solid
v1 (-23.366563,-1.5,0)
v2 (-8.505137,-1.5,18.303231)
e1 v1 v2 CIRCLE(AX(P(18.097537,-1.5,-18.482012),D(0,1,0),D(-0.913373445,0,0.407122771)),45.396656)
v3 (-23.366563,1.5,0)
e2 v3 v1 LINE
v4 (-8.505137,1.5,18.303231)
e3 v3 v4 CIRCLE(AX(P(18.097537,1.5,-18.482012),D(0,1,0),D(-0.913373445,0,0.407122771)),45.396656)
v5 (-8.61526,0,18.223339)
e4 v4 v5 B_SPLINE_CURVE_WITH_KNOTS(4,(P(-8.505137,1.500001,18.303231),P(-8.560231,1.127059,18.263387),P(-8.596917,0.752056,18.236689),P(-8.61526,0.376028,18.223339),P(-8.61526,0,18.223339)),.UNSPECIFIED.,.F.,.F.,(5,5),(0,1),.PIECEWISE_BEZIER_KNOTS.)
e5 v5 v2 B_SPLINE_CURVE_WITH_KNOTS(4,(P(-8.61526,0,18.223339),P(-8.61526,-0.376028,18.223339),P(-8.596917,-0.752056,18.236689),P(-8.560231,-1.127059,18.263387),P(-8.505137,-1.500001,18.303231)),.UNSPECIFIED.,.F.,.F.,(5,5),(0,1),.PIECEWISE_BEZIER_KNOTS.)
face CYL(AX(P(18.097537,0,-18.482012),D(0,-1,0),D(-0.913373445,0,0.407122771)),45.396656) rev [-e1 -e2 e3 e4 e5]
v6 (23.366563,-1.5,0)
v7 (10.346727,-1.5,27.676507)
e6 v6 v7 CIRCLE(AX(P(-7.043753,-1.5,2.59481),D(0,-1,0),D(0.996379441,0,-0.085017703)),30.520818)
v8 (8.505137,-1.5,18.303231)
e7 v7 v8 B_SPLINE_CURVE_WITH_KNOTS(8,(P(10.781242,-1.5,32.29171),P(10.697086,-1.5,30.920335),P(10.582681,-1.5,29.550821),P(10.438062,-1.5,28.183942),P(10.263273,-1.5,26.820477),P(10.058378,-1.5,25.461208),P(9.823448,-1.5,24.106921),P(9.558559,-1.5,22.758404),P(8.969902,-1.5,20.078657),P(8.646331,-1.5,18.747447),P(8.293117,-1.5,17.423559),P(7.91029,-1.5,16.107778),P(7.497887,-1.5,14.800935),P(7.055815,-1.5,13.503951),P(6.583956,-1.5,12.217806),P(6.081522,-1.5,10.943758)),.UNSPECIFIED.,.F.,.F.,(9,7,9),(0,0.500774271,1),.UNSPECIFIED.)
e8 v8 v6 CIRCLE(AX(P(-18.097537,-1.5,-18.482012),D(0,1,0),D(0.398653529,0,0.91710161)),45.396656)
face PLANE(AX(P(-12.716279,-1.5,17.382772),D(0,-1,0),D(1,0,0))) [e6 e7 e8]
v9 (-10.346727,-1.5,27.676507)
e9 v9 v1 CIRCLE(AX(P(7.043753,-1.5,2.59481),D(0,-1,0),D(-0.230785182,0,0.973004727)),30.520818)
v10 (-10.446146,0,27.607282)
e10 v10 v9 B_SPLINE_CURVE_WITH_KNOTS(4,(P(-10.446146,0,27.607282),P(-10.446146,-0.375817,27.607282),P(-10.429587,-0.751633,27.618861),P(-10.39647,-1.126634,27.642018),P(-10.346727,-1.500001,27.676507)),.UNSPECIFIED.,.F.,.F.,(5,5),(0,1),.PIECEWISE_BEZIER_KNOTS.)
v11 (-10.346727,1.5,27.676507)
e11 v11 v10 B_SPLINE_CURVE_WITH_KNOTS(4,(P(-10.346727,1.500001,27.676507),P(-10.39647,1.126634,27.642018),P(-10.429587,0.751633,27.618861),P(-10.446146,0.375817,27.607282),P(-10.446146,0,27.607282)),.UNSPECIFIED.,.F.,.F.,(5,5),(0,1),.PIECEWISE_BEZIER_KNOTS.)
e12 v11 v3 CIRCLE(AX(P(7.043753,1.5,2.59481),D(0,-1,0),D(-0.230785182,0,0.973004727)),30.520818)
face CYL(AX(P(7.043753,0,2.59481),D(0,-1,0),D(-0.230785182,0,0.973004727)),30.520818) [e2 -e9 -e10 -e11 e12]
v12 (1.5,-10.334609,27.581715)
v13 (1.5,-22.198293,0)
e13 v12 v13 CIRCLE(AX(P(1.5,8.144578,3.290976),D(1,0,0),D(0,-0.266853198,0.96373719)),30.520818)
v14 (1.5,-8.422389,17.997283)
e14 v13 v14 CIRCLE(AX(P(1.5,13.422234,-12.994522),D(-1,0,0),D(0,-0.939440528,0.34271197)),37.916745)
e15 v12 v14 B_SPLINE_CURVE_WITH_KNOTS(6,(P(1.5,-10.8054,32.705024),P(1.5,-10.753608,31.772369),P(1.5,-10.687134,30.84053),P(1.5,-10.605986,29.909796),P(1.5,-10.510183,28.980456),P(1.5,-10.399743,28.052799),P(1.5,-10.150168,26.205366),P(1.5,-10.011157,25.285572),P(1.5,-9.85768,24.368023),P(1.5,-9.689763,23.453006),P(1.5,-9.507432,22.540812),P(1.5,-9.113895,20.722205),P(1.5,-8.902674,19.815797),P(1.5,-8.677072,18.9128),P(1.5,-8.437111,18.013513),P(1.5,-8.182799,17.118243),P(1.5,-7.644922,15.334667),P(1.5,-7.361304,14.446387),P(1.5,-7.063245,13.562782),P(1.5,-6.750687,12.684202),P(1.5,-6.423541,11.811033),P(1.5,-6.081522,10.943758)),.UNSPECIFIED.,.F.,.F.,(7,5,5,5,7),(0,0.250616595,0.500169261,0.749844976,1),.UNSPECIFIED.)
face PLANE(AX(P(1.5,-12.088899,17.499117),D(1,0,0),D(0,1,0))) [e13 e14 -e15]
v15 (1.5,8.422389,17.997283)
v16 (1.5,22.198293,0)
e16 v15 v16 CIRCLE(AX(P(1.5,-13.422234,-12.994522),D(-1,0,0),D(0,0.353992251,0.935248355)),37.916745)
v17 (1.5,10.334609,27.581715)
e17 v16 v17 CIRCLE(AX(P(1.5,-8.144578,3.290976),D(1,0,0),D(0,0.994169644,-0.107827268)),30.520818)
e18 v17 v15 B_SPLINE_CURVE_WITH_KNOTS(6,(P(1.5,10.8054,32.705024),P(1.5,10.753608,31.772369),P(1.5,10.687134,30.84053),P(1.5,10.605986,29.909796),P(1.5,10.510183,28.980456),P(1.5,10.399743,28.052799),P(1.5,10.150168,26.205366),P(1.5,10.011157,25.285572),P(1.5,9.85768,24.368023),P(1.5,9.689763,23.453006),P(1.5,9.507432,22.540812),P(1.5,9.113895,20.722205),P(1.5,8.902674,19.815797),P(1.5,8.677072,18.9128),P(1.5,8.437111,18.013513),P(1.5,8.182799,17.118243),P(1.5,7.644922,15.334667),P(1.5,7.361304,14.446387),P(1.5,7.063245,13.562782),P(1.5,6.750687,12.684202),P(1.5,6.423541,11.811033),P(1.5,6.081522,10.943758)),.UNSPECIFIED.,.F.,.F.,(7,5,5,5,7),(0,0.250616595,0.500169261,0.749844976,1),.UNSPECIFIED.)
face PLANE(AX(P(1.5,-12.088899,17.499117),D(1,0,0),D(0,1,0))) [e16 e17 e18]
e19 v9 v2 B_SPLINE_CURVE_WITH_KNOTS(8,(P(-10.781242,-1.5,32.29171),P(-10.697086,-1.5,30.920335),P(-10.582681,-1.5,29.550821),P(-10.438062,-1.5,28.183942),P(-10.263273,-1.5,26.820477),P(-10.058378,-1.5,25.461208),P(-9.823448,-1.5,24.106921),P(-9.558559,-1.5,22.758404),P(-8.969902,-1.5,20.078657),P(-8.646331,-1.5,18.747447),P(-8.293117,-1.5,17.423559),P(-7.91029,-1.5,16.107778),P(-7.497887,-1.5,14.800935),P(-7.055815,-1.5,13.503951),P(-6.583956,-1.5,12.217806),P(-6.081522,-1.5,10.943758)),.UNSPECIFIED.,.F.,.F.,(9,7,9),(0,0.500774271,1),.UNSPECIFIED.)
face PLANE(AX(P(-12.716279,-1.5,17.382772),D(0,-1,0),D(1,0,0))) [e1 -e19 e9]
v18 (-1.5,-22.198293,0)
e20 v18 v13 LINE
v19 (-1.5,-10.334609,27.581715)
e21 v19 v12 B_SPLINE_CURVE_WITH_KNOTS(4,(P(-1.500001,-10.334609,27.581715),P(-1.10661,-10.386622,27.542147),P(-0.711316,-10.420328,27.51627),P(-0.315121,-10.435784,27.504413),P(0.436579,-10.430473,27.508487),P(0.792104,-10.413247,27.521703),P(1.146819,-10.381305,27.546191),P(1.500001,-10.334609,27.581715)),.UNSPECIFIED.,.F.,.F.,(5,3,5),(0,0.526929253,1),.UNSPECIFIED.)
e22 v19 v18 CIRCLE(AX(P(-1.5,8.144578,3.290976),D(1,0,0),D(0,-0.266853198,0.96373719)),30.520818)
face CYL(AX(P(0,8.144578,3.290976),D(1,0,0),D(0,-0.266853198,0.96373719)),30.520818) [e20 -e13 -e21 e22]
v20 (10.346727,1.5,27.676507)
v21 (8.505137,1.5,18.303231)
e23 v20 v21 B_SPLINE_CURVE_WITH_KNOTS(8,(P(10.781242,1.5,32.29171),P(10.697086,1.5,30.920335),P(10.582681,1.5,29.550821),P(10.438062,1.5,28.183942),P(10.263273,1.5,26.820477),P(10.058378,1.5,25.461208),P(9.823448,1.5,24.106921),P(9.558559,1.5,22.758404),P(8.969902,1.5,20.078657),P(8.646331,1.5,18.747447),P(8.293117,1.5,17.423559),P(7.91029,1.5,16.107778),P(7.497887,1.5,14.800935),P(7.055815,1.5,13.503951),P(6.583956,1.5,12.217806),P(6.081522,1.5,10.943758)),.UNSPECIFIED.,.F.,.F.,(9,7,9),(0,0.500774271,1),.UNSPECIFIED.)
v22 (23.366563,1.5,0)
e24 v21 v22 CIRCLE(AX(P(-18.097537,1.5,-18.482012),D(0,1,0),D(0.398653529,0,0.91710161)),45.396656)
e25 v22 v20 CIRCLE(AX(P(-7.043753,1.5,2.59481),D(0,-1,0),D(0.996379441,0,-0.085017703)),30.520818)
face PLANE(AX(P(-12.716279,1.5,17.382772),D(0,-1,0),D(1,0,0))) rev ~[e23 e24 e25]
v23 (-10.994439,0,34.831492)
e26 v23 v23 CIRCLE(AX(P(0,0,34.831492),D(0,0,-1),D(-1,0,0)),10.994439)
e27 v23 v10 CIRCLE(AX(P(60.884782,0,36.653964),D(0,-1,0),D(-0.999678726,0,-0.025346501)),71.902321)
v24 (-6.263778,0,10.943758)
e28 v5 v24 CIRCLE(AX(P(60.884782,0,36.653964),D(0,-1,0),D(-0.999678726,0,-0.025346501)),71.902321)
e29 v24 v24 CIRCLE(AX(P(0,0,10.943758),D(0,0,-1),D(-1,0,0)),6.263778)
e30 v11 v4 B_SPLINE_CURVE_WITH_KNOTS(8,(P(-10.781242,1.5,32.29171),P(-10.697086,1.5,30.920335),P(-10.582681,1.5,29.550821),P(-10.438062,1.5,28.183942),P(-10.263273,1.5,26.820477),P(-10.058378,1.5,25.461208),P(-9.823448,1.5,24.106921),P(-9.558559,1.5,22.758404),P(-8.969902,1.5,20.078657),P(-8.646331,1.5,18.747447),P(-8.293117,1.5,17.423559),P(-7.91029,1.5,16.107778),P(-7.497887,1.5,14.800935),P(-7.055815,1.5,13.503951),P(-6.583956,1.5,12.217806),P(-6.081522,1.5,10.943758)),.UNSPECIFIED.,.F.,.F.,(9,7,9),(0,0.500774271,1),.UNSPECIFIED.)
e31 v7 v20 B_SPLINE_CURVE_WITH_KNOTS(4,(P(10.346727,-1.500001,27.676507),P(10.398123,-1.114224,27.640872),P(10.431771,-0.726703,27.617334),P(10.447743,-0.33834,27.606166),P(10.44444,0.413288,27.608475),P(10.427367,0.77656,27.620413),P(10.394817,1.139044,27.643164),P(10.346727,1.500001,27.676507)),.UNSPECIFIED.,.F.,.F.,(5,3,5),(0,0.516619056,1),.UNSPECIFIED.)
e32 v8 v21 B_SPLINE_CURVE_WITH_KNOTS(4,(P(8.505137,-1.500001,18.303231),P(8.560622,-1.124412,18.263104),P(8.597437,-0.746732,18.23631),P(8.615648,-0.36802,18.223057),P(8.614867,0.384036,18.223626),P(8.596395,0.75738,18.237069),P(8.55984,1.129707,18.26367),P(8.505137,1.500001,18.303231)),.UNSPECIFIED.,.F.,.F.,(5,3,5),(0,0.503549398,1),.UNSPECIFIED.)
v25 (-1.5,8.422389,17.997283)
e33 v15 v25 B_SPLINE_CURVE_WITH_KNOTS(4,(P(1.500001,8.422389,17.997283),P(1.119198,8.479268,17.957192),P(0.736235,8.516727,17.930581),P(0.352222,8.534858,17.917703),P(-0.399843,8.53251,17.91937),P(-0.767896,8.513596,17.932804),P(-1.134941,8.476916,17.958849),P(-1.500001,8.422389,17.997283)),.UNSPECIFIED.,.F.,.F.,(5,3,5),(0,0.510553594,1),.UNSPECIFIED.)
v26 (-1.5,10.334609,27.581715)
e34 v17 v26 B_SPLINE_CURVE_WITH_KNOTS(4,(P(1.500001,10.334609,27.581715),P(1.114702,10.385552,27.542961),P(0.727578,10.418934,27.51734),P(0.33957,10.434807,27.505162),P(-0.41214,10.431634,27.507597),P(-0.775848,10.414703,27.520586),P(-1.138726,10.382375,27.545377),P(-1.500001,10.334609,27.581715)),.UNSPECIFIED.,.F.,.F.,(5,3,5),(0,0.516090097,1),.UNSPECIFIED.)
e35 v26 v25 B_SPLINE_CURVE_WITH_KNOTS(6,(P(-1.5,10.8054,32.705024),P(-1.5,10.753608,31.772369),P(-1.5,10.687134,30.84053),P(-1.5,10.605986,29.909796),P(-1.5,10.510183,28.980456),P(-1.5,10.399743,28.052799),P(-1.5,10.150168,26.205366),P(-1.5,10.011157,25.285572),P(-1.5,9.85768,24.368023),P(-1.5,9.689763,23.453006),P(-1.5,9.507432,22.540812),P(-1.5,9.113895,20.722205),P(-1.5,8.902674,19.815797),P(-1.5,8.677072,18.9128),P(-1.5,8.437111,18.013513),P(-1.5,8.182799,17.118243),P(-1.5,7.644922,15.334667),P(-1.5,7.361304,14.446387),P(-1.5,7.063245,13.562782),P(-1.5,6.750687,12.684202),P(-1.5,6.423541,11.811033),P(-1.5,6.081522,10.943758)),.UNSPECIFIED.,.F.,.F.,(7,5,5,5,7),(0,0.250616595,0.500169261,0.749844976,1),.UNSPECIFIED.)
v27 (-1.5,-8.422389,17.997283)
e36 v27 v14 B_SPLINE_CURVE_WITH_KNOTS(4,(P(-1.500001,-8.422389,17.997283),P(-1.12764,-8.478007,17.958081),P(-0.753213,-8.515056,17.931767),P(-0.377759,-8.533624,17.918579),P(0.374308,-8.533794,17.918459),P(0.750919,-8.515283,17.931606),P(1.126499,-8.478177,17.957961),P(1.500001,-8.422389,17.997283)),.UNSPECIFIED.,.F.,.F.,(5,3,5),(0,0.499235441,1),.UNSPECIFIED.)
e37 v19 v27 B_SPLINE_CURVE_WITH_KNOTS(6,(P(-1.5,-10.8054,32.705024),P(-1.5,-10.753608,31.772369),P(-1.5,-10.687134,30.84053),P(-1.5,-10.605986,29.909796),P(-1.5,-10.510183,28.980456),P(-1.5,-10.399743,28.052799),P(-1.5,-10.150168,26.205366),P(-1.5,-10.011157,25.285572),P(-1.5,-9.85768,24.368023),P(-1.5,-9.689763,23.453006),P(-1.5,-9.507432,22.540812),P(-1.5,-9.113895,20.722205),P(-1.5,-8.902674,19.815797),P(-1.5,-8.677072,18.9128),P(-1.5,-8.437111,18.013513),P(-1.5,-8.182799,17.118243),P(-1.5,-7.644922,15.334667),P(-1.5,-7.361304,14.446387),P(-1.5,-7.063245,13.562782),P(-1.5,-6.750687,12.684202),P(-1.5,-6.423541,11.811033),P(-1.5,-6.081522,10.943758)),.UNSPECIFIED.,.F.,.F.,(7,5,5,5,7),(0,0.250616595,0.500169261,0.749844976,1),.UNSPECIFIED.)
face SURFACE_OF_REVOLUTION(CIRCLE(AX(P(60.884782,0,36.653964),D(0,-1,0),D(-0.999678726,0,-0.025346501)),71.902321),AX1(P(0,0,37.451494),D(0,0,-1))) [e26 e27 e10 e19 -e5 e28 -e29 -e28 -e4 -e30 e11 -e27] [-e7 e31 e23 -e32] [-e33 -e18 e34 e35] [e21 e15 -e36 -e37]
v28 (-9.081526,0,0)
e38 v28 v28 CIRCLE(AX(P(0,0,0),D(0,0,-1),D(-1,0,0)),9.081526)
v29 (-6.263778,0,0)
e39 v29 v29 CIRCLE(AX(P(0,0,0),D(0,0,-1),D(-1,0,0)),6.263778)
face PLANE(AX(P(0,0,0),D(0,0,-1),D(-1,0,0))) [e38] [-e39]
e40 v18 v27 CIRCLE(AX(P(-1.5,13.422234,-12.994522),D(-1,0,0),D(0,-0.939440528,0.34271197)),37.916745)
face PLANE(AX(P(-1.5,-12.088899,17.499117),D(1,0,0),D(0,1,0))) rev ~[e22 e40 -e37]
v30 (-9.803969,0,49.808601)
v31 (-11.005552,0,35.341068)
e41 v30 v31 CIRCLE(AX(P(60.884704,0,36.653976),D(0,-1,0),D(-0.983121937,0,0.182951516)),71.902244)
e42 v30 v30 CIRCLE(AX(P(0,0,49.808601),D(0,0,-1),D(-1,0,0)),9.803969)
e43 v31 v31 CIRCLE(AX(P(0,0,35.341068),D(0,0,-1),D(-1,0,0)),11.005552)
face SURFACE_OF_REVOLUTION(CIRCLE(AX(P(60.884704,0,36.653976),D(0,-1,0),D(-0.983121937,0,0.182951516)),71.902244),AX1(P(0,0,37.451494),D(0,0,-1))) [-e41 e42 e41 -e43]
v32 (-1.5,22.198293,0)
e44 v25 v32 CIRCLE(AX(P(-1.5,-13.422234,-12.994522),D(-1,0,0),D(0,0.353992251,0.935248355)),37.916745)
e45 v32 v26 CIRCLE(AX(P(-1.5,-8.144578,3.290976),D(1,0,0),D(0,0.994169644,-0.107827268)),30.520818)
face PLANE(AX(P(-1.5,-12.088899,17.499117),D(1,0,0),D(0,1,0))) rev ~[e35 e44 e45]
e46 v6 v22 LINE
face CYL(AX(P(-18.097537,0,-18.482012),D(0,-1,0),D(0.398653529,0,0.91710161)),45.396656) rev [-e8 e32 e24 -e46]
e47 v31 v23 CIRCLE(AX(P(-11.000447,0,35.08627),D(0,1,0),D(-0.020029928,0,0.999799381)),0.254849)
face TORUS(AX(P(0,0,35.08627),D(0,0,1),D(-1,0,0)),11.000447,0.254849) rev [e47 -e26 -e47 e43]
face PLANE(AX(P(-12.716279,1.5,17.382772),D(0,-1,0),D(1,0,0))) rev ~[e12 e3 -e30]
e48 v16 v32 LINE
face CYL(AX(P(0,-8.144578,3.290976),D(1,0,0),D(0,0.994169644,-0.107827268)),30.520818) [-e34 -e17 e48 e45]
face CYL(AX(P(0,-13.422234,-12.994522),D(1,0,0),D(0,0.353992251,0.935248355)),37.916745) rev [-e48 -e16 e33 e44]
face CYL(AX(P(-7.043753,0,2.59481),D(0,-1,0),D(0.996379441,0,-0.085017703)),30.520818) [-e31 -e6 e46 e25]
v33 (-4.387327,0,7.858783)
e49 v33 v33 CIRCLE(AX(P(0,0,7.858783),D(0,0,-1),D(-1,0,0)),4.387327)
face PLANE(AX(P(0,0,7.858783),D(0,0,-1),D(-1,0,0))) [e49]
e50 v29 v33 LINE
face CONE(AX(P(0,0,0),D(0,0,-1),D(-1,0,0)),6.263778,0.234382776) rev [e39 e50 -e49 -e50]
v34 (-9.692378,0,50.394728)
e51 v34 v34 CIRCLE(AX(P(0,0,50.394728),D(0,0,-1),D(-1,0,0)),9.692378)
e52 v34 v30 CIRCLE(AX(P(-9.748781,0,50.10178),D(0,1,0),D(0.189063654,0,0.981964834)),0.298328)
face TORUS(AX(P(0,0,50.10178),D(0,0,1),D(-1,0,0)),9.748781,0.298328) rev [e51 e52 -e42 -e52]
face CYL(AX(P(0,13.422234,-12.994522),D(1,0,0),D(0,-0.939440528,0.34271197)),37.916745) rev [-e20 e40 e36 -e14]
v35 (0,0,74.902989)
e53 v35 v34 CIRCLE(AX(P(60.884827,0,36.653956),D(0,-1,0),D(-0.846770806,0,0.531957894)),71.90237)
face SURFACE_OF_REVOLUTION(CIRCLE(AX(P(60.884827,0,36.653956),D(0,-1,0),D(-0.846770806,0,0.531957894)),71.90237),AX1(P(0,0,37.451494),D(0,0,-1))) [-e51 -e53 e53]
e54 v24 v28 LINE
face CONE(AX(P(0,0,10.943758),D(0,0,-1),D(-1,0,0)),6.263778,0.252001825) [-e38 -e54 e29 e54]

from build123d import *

# Parameters (mm, degrees)
F3_DEPTH = 1.5
F5_DEPTH = 1.5


with BuildPart() as f1:
    # F0 (on Front) → F1 (revolve)
    with BuildSketch(Plane.XZ):
        with BuildLine():
            Line((0, 7.858783), (0, 74.902989))
            ThreePointArc((0, 74.902989), (-5.978692, 63.096734), (-9.692378, 50.394728))
            ThreePointArc((-9.692378, 50.394728), (-9.455717, 50.045984), (-9.803969, 49.808601))
            ThreePointArc((-9.803969, 49.808601), (-10.770827, 42.605238), (-11.005552, 35.341068))
            ThreePointArc((-11.005552, 35.341068), (-10.745659, 35.091827), (-10.994439, 34.831492))
            ThreePointArc((-10.994439, 34.831492), (-9.647742, 22.685898), (-6.263778, 10.943758))
            Line((-6.263778, 10.943758), (-9.081526, 0))
            Line((-9.081526, 0), (-6.263778, 0))
            Line((-6.263778, 0), (-4.387327, 7.858783))
            Line((-4.387327, 7.858783), (0, 7.858783))
        make_face()
    revolve(axis=Axis((0, 0, 37.451494), (0, 0, -1)))

    # F2 (on Front) → F3 (join, symmetric)
    with BuildSketch(Plane.XZ):
        with BuildLine():
            Line((0, 23.151334), (0, 32.29171))
            ThreePointArc((0, 32.29171), (-17.682558, 20.486984), (-23.366563, 0))
            ThreePointArc((-23.366563, 0), (-13.853883, 13.766447), (0, 23.151334))
        make_face()
        with BuildLine():
            ThreePointArc((23.366563, 0), (17.682558, 20.486984), (0, 32.29171))
            Line((0, 32.29171), (0, 23.151334))
            ThreePointArc((0, 23.151334), (13.853883, 13.766447), (23.366563, 0))
        make_face()
    extrude(amount=F3_DEPTH, both=True)

    # F4 (on Right) → F5 (join, symmetric)
    with BuildSketch(Plane.YZ):
        with BuildLine():
            Line((0, 22.467051), (0, 32.705024))
            ThreePointArc((0, 32.705024), (-17.108651, 20.431419), (-22.198293, 0))
            ThreePointArc((-22.198293, 0), (-13.549792, 13.654856), (0, 22.467051))
        make_face()
        with BuildLine():
            ThreePointArc((22.198293, 0), (17.108651, 20.431419), (0, 32.705024))
            Line((0, 32.705024), (0, 22.467051))
            ThreePointArc((0, 22.467051), (13.549792, 13.654856), (22.198293, 0))
        make_face()
    extrude(amount=F5_DEPTH, both=True)


solid = f1.part
